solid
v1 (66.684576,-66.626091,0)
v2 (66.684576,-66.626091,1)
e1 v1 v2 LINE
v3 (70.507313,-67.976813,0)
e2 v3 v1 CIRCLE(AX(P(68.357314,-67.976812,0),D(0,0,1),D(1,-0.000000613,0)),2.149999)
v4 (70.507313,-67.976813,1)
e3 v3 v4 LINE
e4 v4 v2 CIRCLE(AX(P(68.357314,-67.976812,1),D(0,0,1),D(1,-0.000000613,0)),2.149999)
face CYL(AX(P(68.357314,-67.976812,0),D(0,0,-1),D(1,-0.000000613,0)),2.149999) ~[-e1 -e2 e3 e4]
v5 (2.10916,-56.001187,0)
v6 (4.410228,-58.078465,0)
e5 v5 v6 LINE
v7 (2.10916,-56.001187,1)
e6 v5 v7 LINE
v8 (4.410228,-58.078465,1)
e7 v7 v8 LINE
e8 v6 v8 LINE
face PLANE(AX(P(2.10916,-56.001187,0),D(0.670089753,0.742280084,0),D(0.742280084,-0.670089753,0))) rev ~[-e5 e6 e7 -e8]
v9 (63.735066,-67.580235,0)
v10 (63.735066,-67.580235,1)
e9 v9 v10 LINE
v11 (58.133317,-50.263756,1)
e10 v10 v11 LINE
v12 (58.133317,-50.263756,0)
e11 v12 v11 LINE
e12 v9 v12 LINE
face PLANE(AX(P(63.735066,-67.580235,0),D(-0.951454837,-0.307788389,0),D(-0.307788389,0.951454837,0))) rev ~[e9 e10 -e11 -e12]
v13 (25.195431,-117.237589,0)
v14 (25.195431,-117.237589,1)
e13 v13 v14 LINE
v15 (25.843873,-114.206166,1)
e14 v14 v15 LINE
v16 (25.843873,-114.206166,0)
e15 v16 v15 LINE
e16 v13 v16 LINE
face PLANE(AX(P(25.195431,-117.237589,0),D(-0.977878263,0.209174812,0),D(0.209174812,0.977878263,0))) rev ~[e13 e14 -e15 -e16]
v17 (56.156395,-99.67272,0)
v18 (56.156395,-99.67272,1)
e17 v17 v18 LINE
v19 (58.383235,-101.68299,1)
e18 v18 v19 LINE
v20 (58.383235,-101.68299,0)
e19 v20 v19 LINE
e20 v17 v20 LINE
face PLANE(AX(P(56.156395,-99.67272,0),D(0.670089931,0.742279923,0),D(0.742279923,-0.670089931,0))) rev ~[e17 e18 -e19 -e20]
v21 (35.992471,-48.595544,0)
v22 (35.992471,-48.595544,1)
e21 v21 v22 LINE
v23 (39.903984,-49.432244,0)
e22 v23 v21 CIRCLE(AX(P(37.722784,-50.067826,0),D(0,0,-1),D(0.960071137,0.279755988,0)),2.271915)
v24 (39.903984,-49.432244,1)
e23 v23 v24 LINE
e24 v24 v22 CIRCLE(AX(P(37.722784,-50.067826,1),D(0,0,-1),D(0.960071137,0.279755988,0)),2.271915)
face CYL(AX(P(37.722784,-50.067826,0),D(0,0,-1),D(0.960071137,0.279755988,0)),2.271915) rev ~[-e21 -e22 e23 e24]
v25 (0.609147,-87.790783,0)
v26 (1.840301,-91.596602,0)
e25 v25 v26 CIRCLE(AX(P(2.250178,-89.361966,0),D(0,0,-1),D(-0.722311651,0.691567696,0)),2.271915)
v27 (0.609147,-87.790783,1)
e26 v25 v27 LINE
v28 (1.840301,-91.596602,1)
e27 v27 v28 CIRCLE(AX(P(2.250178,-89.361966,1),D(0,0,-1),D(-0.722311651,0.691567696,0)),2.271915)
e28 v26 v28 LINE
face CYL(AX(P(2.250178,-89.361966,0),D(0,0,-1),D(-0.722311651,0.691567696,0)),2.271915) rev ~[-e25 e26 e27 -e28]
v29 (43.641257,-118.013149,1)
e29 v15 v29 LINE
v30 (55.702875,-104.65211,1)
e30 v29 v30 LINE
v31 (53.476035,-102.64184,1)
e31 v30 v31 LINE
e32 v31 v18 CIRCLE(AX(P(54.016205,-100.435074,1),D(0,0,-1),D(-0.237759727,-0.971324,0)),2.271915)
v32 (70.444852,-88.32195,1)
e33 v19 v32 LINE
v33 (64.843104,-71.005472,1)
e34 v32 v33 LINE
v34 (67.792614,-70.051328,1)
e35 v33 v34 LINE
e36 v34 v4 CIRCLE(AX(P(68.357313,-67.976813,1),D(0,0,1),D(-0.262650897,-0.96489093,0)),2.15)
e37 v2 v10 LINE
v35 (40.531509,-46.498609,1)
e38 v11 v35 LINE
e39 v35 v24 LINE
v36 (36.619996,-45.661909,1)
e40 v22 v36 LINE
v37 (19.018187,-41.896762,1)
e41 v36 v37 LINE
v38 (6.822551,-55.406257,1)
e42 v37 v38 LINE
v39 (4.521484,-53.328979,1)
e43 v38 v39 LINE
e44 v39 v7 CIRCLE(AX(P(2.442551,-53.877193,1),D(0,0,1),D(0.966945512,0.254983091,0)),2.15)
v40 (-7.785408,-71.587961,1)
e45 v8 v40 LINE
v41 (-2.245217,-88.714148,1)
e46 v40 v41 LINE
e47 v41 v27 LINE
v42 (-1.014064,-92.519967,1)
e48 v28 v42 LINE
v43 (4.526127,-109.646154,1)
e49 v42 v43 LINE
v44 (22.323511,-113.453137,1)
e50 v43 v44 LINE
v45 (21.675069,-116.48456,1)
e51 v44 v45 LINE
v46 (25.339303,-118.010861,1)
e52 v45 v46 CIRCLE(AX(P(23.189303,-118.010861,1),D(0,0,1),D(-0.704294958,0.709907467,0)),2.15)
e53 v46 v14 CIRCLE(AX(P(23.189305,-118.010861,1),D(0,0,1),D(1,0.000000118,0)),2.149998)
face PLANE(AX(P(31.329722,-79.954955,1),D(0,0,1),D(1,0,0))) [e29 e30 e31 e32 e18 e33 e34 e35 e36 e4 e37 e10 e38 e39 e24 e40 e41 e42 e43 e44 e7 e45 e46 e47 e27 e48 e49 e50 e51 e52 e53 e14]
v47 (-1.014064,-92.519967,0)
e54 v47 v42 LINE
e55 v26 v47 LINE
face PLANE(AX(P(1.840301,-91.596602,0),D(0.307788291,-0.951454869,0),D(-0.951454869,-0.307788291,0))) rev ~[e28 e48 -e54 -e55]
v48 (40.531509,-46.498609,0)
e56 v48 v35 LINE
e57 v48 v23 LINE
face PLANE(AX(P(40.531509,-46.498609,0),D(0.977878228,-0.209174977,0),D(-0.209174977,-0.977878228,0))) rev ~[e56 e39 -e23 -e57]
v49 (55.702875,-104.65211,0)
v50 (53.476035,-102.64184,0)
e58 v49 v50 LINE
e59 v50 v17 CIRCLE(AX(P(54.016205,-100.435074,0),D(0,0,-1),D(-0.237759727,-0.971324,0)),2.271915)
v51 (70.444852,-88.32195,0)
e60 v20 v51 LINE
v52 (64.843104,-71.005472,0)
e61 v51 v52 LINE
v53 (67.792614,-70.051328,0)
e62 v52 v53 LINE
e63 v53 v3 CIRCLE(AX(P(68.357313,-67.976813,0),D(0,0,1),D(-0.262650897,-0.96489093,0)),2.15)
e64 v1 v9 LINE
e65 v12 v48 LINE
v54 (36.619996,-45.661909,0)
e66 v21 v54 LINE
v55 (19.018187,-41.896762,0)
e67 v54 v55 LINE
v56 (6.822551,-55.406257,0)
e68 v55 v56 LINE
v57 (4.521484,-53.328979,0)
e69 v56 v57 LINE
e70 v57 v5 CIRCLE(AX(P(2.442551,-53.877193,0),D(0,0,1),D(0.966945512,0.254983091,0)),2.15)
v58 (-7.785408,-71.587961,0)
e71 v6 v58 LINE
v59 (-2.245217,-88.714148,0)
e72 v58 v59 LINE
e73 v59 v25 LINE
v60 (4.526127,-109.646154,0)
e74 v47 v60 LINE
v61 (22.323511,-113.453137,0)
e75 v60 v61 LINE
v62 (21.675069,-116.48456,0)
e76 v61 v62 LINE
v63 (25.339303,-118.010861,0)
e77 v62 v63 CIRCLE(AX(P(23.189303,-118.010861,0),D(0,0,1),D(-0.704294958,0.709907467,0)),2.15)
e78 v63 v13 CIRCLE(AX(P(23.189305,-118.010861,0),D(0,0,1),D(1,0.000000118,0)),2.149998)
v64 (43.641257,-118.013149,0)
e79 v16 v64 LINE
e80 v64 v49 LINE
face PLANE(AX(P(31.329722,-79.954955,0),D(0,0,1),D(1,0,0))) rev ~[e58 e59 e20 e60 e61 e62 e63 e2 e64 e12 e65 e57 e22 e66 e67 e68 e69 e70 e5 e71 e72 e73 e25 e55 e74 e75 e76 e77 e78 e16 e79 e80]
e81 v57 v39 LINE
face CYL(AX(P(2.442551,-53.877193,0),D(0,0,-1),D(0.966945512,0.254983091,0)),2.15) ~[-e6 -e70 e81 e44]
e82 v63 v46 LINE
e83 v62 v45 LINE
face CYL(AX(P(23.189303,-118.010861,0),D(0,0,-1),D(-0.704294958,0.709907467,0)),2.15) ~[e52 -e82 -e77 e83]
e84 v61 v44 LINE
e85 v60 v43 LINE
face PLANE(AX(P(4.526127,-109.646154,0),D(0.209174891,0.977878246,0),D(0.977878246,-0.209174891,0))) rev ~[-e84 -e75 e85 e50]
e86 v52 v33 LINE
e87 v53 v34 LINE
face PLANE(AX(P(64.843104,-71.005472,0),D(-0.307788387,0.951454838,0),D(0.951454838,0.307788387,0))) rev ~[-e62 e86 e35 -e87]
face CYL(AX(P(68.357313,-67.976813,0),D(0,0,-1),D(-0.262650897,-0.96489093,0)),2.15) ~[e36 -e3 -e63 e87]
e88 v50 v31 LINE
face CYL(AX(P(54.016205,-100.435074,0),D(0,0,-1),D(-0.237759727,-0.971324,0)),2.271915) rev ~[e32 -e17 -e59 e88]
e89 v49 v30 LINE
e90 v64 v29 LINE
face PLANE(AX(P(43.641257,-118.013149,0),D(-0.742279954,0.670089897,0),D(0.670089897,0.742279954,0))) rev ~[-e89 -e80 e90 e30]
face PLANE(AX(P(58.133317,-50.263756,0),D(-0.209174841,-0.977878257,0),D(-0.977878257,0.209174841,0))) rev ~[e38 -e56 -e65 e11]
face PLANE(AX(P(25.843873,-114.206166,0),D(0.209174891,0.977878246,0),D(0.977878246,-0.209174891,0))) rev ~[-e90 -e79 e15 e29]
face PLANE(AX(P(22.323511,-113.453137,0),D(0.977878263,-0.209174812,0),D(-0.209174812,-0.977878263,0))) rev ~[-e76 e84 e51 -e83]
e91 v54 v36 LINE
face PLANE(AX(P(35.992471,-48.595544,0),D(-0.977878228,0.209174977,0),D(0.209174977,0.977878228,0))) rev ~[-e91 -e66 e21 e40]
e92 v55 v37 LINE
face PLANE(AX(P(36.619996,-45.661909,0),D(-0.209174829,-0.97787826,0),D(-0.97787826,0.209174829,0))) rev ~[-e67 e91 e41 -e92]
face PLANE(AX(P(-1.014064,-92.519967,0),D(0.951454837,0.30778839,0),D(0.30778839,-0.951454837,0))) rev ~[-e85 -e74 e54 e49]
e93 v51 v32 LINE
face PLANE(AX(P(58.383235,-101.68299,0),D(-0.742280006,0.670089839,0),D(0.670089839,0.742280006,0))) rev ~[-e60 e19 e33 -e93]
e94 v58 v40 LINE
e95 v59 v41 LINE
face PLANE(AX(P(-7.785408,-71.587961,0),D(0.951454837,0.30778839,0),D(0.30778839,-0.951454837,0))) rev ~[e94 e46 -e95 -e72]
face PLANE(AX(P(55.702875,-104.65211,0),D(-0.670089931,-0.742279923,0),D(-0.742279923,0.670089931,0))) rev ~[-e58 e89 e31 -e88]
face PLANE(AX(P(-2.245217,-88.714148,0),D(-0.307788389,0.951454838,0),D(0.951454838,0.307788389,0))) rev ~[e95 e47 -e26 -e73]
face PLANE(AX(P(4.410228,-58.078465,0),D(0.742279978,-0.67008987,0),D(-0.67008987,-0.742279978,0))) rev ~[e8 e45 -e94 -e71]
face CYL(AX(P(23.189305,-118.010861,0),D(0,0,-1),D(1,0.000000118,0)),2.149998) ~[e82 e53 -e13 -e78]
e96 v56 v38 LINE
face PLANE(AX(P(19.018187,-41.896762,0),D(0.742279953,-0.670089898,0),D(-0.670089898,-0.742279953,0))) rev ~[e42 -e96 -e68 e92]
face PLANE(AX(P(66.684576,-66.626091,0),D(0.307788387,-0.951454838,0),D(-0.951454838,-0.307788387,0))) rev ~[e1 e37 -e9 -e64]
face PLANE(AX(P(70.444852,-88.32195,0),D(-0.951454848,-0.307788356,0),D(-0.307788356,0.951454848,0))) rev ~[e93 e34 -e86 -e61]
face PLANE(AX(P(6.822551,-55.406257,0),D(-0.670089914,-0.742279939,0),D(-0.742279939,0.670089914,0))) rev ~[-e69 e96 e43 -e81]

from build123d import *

# Parameters (mm, degrees)
F1_DEPTH = 1


with BuildPart() as f1:
    # F0 (on Top) → F1 (new body)
    with BuildSketch(Plane.XY):
        with BuildLine():
            Line((58.383235, -101.68299), (70.444852, -88.32195))
            Line((70.444852, -88.32195), (64.843104, -71.005472))
            Line((64.843104, -71.005472), (63.735066, -67.580235))
            Line((63.735066, -67.580235), (58.133317, -50.263756))
            Line((58.133317, -50.263756), (40.531509, -46.498609))
            Line((40.531509, -46.498609), (39.903984, -49.432244))
            ThreePointArc((39.903984, -49.432244), (37.247557, -52.289482), (35.992471, -48.595544))
            Line((35.992471, -48.595544), (36.619996, -45.661909))
            Line((36.619996, -45.661909), (19.018187, -41.896762))
            Line((19.018187, -41.896762), (6.822551, -55.406257))
            Line((6.822551, -55.406257), (4.410228, -58.078465))
            Line((4.410228, -58.078465), (-7.785408, -71.587961))
            Line((-7.785408, -71.587961), (-2.245217, -88.714148))
            Line((-2.245217, -88.714148), (0.609147, -87.790783))
            ThreePointArc((0.609147, -87.790783), (4.411802, -88.662697), (1.840301, -91.596602))
            Line((1.840301, -91.596602), (-1.014064, -92.519967))
            Line((-1.014064, -92.519967), (4.526127, -109.646154))
            Line((4.526127, -109.646154), (22.323511, -113.453137))
            Line((22.323511, -113.453137), (25.843873, -114.206166))
            Line((25.843873, -114.206166), (43.641257, -118.013149))
            Line((43.641257, -118.013149), (55.702875, -104.65211))
            Line((55.702875, -104.65211), (53.476035, -102.64184))
            ThreePointArc((53.476035, -102.64184), (52.329808, -98.912687), (56.156395, -99.67272))
            Line((56.156395, -99.67272), (58.383235, -101.68299))
        make_face()
        with BuildLine():
            Line((4.410228, -58.078465), (6.822551, -55.406257))
            Line((6.822551, -55.406257), (4.521484, -53.328979))
            ThreePointArc((4.521484, -53.328979), (4.57471, -53.600792), (4.592551, -53.877193))
            ThreePointArc((4.592551, -53.877193), (3.839997, -55.511097), (2.10916, -56.001187))
            Line((2.10916, -56.001187), (4.410228, -58.078465))
        make_face()
        with BuildLine():
            ThreePointArc((4.592551, -53.877193), (4.57471, -53.600792), (4.521484, -53.328979))
            ThreePointArc((4.521484, -53.328979), (0.846649, -52.436499), (2.10916, -56.001187))
            ThreePointArc((2.10916, -56.001187), (3.839997, -55.511097), (4.592551, -53.877193))
        make_face()
        with BuildLine():
            ThreePointArc((66.684576, -66.626091), (66.311685, -68.638558), (67.792614, -70.051328))
            ThreePointArc((67.792614, -70.051328), (69.662763, -69.685116), (70.507313, -67.976813))
            ThreePointArc((70.507313, -67.976813), (69.073593, -65.949636), (66.684576, -66.626091))
        make_face()
        with BuildLine():
            Line((63.735066, -67.580235), (64.843104, -71.005472))
            Line((64.843104, -71.005472), (67.792614, -70.051328))
            ThreePointArc((67.792614, -70.051328), (66.311685, -68.638558), (66.684576, -66.626091))
            Line((66.684576, -66.626091), (63.735066, -67.580235))
        make_face()
        with BuildLine():
            Line((25.195431, -117.237589), (25.843873, -114.206166))
            Line((25.843873, -114.206166), (22.323511, -113.453137))
            Line((22.323511, -113.453137), (21.675069, -116.48456))
            ThreePointArc((21.675069, -116.48456), (23.639029, -115.908423), (25.195431, -117.237589))
        make_face()
        with BuildLine():
            ThreePointArc((25.339303, -118.010861), (25.303029, -117.61759), (25.195431, -117.237589))
            ThreePointArc((25.195431, -117.237589), (23.639029, -115.908423), (21.675069, -116.48456))
            ThreePointArc((21.675069, -116.48456), (22.362593, -119.995565), (25.339303, -118.010861))
        make_face()
    extrude(amount=F1_DEPTH)


solid = f1.part
